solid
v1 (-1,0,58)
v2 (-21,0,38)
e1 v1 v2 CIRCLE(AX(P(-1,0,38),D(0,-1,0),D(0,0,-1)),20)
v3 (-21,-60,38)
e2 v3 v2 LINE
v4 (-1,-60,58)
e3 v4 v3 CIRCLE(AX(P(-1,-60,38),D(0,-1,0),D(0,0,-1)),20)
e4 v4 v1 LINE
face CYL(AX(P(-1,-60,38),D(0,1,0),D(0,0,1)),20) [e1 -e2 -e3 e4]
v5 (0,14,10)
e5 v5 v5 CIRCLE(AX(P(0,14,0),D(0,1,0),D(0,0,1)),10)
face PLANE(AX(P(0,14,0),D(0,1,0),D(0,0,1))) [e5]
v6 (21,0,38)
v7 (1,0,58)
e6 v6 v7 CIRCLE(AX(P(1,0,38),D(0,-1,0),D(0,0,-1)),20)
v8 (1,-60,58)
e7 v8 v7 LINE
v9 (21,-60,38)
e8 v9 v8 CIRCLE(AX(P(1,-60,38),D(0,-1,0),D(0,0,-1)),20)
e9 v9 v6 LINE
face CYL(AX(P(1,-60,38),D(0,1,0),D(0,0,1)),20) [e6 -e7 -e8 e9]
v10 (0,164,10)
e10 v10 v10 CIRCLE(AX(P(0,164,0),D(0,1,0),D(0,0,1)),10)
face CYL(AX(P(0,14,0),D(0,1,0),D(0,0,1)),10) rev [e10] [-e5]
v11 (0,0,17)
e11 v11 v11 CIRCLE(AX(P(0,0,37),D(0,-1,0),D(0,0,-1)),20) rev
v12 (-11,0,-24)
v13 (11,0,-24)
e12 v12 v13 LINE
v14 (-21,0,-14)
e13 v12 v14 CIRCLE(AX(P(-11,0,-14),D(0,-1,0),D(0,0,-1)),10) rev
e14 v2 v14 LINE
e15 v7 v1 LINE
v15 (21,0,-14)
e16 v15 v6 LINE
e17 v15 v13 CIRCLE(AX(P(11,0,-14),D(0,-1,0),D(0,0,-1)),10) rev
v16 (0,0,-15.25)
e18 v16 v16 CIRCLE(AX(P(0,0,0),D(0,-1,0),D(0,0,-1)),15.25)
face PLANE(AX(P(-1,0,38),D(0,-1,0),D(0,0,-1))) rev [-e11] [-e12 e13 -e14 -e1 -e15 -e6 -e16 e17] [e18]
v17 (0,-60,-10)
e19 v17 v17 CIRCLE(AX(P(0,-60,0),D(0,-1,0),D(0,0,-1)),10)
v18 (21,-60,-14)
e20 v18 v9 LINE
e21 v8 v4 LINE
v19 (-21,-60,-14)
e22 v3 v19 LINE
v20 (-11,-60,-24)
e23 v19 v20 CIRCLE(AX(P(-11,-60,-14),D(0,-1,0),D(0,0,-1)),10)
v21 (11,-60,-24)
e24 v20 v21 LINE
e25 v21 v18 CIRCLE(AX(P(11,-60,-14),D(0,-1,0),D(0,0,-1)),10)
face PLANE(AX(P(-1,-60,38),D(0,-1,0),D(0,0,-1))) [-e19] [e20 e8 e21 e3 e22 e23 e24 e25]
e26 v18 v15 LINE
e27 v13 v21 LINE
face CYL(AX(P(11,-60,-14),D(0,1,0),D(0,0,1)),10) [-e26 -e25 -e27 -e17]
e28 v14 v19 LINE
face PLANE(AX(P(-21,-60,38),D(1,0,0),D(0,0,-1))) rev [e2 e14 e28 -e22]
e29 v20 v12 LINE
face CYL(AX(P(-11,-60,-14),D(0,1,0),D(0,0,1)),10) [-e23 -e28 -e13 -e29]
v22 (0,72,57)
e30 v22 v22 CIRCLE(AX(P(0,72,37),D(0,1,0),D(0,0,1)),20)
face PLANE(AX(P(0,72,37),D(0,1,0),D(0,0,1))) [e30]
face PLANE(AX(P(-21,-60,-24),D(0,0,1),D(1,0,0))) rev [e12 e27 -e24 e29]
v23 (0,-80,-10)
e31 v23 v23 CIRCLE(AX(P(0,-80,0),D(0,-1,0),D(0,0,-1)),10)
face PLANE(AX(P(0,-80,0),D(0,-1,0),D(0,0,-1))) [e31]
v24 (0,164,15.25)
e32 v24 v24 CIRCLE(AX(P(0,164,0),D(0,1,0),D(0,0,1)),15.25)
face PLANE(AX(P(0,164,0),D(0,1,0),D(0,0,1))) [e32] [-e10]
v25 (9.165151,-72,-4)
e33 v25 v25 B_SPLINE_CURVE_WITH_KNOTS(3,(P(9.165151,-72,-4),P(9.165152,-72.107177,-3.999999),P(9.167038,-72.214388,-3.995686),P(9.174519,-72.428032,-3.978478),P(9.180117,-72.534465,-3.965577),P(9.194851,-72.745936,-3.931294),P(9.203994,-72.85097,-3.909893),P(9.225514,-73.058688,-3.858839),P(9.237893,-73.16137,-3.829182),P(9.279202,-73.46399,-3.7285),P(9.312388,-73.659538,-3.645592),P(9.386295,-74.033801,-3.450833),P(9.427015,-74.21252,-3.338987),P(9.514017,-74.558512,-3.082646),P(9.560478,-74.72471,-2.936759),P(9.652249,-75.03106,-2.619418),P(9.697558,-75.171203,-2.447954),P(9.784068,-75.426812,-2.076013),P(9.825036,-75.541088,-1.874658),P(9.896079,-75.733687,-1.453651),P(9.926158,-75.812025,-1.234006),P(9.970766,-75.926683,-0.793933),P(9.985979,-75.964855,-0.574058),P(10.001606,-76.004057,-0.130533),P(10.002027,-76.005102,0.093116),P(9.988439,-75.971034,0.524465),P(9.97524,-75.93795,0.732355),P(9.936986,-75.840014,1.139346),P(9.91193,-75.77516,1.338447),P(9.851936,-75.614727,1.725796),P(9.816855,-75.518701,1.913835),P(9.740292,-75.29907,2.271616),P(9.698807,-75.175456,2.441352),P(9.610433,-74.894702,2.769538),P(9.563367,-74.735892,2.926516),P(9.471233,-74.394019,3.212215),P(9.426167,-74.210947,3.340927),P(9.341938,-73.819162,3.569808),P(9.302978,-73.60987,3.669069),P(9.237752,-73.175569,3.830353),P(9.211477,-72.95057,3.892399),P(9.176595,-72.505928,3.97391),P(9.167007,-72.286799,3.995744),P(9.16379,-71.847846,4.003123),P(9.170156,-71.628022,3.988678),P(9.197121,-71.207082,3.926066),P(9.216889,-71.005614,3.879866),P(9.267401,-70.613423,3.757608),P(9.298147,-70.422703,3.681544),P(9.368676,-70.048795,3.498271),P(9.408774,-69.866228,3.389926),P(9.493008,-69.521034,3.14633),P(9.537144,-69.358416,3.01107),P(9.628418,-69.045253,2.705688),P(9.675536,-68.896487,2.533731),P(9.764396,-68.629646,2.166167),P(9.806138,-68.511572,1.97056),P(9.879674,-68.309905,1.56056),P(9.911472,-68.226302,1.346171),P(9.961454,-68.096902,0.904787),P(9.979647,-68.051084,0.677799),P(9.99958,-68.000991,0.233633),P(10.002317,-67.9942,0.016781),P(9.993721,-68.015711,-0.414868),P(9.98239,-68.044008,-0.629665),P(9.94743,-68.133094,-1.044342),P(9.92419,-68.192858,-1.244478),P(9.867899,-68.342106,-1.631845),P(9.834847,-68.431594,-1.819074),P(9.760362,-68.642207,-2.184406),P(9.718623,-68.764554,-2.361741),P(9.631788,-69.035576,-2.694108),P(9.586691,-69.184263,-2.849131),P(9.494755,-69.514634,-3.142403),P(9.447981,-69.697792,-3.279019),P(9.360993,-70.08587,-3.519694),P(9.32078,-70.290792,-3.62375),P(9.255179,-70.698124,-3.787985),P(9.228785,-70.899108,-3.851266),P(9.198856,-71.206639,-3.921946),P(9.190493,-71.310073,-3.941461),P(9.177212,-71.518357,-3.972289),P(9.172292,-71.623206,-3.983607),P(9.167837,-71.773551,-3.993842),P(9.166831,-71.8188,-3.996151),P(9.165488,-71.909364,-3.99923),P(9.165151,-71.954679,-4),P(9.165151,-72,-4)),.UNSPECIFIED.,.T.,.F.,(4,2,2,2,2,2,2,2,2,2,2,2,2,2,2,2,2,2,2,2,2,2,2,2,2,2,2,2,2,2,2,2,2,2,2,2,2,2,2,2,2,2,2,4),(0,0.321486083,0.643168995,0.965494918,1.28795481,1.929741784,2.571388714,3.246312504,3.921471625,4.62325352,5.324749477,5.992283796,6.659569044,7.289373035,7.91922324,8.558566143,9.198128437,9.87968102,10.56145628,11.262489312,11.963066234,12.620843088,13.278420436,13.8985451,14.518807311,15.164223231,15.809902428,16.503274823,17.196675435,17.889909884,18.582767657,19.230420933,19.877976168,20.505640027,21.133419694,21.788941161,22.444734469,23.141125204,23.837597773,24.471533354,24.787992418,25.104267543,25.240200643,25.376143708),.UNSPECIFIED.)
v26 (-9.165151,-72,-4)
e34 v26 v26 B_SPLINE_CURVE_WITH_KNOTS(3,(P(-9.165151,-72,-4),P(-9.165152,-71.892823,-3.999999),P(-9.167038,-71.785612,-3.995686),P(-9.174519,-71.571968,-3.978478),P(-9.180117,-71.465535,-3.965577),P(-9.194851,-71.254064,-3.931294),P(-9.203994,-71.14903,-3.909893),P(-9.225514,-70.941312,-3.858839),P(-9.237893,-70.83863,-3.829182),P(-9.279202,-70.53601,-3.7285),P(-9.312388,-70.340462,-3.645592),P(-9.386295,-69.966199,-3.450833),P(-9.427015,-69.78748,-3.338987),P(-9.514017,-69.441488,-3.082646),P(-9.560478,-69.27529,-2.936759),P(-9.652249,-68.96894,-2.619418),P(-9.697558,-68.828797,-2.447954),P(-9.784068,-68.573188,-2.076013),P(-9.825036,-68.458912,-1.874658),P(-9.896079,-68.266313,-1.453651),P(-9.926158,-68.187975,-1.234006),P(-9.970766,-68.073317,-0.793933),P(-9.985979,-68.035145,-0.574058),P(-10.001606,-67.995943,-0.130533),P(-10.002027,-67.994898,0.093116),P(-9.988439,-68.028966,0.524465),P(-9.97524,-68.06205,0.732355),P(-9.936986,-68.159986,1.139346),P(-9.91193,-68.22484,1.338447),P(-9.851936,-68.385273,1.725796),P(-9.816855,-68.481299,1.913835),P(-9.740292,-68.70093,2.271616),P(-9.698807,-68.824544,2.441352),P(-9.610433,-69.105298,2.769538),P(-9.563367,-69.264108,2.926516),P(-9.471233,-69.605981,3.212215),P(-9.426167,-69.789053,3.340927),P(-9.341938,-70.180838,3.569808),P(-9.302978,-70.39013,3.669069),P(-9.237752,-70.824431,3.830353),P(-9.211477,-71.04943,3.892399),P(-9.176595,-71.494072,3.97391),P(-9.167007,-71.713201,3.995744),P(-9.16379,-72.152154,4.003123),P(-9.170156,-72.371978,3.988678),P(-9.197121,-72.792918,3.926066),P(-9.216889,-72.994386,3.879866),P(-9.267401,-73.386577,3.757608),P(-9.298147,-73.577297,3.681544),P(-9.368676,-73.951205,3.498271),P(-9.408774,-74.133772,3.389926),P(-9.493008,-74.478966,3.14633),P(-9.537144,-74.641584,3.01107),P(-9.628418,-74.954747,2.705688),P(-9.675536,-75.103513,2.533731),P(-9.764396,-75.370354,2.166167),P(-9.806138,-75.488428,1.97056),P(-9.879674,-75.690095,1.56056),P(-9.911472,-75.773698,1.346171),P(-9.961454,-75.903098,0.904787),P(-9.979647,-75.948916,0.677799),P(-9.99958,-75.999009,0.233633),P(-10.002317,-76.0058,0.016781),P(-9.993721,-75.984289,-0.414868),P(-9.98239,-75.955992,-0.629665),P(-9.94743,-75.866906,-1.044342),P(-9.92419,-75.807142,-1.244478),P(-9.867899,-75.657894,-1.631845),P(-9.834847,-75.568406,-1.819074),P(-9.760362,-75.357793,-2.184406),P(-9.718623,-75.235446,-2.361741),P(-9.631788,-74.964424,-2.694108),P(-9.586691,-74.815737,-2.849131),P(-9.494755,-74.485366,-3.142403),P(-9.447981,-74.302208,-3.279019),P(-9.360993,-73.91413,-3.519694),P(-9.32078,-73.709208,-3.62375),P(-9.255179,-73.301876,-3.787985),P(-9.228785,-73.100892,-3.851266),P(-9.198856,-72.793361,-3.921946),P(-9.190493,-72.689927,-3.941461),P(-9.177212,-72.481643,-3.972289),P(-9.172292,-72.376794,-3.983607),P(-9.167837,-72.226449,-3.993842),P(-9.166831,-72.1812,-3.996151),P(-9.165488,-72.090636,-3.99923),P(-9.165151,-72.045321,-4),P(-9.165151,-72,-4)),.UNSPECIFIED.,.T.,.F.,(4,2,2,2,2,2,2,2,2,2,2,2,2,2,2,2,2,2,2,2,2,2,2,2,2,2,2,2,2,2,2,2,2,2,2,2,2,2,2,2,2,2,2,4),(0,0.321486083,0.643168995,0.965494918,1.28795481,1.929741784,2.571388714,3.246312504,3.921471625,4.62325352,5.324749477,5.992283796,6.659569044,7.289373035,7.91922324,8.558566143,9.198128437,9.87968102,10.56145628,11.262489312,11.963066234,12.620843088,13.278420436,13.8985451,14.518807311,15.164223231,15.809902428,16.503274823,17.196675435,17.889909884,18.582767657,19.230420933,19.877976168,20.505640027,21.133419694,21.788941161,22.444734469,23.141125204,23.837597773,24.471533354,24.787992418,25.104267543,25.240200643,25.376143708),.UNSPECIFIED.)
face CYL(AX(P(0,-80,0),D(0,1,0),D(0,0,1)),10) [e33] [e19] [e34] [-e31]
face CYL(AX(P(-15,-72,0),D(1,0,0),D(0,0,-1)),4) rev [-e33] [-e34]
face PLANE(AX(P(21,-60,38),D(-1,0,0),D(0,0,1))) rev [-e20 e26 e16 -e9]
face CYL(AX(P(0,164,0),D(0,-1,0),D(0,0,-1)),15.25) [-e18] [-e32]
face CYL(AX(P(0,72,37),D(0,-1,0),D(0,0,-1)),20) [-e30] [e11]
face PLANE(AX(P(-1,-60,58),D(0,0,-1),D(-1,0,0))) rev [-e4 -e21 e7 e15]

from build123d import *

# Parameters (mm, degrees)
SKETCH1_R      = 15.25
EXTRUDE1_DEPTH = 164
EXTRUDE2_DEPTH = 60
SKETCH3_R      = 20
EXTRUDE3_DEPTH = 72
SKETCH4_R      = 10
EXTRUDE4_DEPTH = 20
SKETCH5_R      = 4
EXTRUDE5_DEPTH = 15
SKETCH6_R      = 10
EXTRUDE6_DEPTH = 150
FILLET_1_R     = 10


with BuildPart() as part:
    # Sketch1 → Extrude1 (new body)
    with BuildSketch(Plane(origin=(0, 0, 0), x_dir=(1, 0, 0), z_dir=(0, 1, 0))):
        with Locations(Location((0, 0, 0), (0, 0, 270))):
            Circle(SKETCH1_R)
    extrude(amount=EXTRUDE1_DEPTH)

    # Sketch2 → Extrude2 (add)
    with BuildSketch(Plane.XZ):
        with BuildLine():
            Line((-1, 58), (1, 58))
            ThreePointArc((1, 58), (15.142135624, 52.142135624), (21, 38))
            Line((21, 38), (21, -24))
            Line((21, -24), (-21, -24))
            Line((-21, -24), (-21, 38))
            ThreePointArc((-21, 38), (-15.142135624, 52.142135624), (-1, 58))
        make_face()
    extrude(amount=EXTRUDE2_DEPTH)

    # Sketch3 → Extrude3 (add)
    with BuildSketch(Plane(origin=(0, 0, 0), x_dir=(1, 0, 0), z_dir=(0, 1, 0))):
        with Locations(Location((0, -37, 0), (0, 0, 90))):
            Circle(SKETCH3_R)
    extrude(amount=EXTRUDE3_DEPTH)

    # Sketch4 → Extrude4 (add)
    with BuildSketch(Plane.XZ.offset(60)):
        with Locations(Location((0, 0, 0), (0, 0, 270))):
            Circle(SKETCH4_R)
    extrude(amount=EXTRUDE4_DEPTH)

    # Sketch5 → Extrude5 (cut, symmetric)
    with BuildSketch(Plane(origin=(0, 0, 0), x_dir=(0, 0, -1), z_dir=(1, 0, 0))):
        with Locations((0, -72)):
            Circle(SKETCH5_R)
    extrude(amount=EXTRUDE5_DEPTH, both=True, mode=Mode.SUBTRACT)

    # Sketch6 → Extrude6 (cut)
    with BuildSketch(Plane(origin=(0, 164, 0), x_dir=(1, 0, 0), z_dir=(0, 1, 0))):
        with Locations(Location((0, 0, 0), (0, 0, 90))):
            Circle(SKETCH6_R)
    extrude(amount=-EXTRUDE6_DEPTH, mode=Mode.SUBTRACT)

    # Скругление1
    fillet_1_edges = [part.edges().sort_by_distance(p)[0] for p in [
        (21, -30, -24),
        (-21, -30, -24),
    ]]
    fillet(fillet_1_edges, radius=FILLET_1_R)


solid = part.part
